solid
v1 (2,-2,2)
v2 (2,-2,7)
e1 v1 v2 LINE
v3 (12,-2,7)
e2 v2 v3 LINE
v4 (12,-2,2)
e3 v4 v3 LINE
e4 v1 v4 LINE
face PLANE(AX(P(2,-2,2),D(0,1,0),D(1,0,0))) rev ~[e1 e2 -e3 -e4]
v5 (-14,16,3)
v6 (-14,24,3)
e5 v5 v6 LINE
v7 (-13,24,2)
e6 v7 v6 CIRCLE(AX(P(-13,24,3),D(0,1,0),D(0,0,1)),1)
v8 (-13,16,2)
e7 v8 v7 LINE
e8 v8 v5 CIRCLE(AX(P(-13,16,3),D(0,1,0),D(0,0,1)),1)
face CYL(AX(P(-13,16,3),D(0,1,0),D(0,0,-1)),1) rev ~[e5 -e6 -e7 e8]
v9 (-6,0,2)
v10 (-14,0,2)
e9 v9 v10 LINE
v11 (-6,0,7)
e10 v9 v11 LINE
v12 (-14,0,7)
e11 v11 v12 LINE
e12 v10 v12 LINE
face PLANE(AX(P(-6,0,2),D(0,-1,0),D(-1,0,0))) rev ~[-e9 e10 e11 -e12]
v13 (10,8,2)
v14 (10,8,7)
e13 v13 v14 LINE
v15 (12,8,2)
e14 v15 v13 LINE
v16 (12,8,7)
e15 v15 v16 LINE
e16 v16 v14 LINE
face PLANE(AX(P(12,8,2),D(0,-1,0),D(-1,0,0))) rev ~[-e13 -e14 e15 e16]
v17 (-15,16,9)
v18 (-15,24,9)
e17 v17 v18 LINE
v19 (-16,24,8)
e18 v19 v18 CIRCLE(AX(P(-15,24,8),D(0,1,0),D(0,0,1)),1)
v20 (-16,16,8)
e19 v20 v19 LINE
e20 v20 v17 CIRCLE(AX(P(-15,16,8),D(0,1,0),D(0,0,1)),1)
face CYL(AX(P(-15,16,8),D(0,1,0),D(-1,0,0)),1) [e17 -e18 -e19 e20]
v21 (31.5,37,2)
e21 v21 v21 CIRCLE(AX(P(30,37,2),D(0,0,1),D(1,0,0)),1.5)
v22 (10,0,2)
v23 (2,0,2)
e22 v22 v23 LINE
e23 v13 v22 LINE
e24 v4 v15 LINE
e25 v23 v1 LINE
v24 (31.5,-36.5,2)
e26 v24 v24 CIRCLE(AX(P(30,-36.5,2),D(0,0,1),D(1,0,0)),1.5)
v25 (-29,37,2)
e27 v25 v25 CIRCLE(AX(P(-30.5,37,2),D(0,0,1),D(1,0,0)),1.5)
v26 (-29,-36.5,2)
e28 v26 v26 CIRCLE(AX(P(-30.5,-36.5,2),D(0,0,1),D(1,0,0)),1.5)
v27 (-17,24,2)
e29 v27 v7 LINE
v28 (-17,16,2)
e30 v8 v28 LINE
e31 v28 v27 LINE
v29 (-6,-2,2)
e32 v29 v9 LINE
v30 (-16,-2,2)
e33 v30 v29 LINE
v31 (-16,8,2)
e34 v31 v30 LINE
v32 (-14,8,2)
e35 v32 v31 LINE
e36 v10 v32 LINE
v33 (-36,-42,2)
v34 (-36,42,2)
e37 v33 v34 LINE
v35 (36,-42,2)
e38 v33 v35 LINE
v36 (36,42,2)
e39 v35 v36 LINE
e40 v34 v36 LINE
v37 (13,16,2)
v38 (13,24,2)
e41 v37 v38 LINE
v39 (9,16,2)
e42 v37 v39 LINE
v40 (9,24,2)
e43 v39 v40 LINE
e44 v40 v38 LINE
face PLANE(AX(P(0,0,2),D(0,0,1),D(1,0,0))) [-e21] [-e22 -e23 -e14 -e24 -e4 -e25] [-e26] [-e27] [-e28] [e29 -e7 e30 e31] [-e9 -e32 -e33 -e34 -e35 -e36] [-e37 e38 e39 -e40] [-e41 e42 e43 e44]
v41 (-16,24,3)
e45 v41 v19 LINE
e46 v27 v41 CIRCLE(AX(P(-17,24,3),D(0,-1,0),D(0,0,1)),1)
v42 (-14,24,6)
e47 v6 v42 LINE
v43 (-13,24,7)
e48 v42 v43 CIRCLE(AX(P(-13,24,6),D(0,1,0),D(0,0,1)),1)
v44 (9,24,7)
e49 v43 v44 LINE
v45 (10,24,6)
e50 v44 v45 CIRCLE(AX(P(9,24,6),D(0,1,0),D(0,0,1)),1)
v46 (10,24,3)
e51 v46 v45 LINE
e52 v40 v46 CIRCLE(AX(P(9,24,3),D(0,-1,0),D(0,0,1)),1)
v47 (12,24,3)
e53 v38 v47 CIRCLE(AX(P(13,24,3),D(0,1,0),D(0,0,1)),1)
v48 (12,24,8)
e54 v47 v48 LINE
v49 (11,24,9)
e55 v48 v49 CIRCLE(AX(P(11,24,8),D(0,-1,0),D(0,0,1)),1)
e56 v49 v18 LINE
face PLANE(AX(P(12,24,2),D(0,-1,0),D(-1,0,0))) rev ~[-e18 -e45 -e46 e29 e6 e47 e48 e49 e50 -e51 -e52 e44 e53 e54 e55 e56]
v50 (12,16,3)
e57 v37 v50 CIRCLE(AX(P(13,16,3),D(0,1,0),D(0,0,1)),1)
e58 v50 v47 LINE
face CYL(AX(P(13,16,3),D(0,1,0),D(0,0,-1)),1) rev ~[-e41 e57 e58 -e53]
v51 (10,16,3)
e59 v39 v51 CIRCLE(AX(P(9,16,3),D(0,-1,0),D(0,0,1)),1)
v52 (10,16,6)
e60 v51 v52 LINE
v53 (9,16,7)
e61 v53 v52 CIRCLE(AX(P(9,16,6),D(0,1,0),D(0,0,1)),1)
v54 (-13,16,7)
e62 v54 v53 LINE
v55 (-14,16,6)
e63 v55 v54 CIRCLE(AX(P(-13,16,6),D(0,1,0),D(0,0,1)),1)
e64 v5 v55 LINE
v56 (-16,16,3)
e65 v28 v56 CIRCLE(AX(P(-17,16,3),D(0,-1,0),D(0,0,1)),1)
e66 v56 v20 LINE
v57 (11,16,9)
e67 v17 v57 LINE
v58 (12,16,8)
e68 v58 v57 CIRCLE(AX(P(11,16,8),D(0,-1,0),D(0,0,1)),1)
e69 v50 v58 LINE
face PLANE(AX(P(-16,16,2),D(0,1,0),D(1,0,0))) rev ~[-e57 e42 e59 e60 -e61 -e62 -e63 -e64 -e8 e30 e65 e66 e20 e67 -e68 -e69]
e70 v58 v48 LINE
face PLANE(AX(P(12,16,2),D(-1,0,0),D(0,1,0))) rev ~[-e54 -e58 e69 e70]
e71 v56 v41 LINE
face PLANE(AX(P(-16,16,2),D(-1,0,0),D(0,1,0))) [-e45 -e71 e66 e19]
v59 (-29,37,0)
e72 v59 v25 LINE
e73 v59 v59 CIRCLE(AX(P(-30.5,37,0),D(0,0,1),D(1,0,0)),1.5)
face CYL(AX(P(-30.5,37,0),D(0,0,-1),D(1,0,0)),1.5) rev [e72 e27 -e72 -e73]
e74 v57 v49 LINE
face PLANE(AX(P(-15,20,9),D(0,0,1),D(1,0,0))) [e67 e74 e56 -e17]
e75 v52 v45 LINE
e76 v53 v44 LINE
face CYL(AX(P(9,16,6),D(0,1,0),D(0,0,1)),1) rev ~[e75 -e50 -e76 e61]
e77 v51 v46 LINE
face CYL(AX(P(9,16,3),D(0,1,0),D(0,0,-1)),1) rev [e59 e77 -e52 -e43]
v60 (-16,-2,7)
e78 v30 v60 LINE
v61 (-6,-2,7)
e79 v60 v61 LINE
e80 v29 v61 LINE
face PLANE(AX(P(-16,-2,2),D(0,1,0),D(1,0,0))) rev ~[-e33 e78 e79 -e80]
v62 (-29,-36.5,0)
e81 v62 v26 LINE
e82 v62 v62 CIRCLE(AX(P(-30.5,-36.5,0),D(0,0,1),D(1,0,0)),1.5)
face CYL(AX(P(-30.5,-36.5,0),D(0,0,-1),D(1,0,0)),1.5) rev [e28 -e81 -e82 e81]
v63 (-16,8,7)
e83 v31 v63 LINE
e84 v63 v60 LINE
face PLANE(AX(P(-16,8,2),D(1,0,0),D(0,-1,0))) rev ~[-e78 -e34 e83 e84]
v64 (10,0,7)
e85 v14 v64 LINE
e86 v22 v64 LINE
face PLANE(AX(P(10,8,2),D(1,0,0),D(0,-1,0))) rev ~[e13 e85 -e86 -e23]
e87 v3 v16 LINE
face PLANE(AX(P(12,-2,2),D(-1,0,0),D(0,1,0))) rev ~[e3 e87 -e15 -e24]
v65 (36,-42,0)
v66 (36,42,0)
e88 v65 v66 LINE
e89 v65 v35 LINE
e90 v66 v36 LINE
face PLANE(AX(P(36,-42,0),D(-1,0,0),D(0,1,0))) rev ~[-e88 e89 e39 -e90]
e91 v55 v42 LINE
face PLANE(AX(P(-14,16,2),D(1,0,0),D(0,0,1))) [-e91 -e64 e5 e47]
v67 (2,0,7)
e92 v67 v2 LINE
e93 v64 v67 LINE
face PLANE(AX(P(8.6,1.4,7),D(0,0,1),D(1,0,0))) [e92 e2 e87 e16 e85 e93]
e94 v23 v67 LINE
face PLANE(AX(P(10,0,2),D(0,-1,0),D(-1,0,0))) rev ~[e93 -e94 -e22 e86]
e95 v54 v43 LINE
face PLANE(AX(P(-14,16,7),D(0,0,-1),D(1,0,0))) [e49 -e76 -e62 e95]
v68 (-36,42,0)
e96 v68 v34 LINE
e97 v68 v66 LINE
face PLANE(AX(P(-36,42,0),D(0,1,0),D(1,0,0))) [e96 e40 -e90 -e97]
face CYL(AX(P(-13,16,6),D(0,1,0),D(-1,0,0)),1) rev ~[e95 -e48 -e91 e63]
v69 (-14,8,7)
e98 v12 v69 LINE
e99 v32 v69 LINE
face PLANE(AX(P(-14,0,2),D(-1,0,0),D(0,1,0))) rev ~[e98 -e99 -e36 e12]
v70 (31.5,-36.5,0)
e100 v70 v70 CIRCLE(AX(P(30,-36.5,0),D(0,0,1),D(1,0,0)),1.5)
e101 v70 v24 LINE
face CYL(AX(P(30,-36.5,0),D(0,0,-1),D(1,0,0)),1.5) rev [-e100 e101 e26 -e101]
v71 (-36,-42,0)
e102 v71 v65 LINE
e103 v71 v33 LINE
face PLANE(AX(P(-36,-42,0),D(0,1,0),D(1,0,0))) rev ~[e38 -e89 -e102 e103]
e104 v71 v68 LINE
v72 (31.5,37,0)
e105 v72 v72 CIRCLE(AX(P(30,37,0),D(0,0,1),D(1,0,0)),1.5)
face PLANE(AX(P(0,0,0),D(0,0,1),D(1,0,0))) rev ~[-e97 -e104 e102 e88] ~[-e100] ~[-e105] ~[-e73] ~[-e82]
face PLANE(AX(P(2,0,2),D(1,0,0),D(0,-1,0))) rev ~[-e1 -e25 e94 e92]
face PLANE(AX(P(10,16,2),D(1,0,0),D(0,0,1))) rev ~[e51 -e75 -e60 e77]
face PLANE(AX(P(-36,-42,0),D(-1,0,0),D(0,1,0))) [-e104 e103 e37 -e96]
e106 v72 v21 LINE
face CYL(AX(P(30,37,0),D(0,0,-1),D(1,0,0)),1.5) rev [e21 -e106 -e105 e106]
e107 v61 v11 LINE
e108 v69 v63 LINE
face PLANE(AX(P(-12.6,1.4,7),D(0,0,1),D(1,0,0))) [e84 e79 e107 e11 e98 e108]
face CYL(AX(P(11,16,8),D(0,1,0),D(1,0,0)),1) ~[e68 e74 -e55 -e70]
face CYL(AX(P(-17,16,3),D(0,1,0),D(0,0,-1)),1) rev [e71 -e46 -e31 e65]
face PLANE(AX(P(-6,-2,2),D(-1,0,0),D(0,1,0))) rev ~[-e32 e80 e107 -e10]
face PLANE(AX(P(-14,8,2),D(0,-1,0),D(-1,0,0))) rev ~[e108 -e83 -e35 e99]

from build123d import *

# Parameters (mm, degrees)
F0_W     = 72
F0_H     = 84
F0_R     = 1.5
F1_DEPTH = 2
F2_W     = 2
F2_H     = 8
F2_W_2   = 24
F3_DEPTH = 7
F4_W     = 24
F4_H     = 5
F5_DEPTH = 8
F6_R     = 1
F7_DEPTH = 5


with BuildPart() as f1:
    # F0 (on Top) → F1 (new body)
    with BuildSketch(Plane.XY):
        Rectangle(F0_W, F0_H)
        with Locations((-30.5, -36.5)):
            Circle(F0_R, mode=Mode.SUBTRACT)
        with Locations((30, -36.5)):
            Circle(F0_R, mode=Mode.SUBTRACT)
        with Locations((-30.5, 37)):
            Circle(F0_R, mode=Mode.SUBTRACT)
        with Locations((30, 37)):
            Circle(F0_R, mode=Mode.SUBTRACT)
    extrude(amount=F1_DEPTH)

    # F2 (on face) → F3 (join)
    with BuildSketch(Plane.XY.offset(2)):
        with Locations((-15, 20)):
            Rectangle(F2_W, F2_H)
        with Locations((-2, 20)):
            Rectangle(F2_W_2, F2_H)
        with Locations((11, 20)):
            Rectangle(F2_W, F2_H)
    extrude(amount=F3_DEPTH)

    # F4 (on face) → F5 (cut, through all)
    with BuildSketch(Plane.XZ.offset(-16)):
        with Locations((-2, 4.5)):
            Rectangle(F4_W, F4_H)
    extrude(amount=-F5_DEPTH, mode=Mode.SUBTRACT)

    # F6
    f6_edges = [f1.edges().sort_by_distance(p)[0] for p in [
        (-14, 20, 7),
        (10, 20, 7),
        (12, 20, 9),
        (-16, 20, 9),
        (-16, 20, 2),
        (-14, 20, 2),
        (10, 20, 2),
        (12, 20, 2),
    ]]
    fillet(f6_edges, radius=F6_R)

    # F2 (on face) → F7 (join)
    with BuildSketch(Plane.XY.offset(2)):
        Polygon((12, 8), (10, 8), (10, 0), (2, 0), (2, -2), (12, -2), align=None)
        Polygon((-14, 0), (-14, 8), (-16, 8), (-16, -2), (-6, -2), (-6, 0), align=None)
    extrude(amount=F7_DEPTH)


solid = f1.part
